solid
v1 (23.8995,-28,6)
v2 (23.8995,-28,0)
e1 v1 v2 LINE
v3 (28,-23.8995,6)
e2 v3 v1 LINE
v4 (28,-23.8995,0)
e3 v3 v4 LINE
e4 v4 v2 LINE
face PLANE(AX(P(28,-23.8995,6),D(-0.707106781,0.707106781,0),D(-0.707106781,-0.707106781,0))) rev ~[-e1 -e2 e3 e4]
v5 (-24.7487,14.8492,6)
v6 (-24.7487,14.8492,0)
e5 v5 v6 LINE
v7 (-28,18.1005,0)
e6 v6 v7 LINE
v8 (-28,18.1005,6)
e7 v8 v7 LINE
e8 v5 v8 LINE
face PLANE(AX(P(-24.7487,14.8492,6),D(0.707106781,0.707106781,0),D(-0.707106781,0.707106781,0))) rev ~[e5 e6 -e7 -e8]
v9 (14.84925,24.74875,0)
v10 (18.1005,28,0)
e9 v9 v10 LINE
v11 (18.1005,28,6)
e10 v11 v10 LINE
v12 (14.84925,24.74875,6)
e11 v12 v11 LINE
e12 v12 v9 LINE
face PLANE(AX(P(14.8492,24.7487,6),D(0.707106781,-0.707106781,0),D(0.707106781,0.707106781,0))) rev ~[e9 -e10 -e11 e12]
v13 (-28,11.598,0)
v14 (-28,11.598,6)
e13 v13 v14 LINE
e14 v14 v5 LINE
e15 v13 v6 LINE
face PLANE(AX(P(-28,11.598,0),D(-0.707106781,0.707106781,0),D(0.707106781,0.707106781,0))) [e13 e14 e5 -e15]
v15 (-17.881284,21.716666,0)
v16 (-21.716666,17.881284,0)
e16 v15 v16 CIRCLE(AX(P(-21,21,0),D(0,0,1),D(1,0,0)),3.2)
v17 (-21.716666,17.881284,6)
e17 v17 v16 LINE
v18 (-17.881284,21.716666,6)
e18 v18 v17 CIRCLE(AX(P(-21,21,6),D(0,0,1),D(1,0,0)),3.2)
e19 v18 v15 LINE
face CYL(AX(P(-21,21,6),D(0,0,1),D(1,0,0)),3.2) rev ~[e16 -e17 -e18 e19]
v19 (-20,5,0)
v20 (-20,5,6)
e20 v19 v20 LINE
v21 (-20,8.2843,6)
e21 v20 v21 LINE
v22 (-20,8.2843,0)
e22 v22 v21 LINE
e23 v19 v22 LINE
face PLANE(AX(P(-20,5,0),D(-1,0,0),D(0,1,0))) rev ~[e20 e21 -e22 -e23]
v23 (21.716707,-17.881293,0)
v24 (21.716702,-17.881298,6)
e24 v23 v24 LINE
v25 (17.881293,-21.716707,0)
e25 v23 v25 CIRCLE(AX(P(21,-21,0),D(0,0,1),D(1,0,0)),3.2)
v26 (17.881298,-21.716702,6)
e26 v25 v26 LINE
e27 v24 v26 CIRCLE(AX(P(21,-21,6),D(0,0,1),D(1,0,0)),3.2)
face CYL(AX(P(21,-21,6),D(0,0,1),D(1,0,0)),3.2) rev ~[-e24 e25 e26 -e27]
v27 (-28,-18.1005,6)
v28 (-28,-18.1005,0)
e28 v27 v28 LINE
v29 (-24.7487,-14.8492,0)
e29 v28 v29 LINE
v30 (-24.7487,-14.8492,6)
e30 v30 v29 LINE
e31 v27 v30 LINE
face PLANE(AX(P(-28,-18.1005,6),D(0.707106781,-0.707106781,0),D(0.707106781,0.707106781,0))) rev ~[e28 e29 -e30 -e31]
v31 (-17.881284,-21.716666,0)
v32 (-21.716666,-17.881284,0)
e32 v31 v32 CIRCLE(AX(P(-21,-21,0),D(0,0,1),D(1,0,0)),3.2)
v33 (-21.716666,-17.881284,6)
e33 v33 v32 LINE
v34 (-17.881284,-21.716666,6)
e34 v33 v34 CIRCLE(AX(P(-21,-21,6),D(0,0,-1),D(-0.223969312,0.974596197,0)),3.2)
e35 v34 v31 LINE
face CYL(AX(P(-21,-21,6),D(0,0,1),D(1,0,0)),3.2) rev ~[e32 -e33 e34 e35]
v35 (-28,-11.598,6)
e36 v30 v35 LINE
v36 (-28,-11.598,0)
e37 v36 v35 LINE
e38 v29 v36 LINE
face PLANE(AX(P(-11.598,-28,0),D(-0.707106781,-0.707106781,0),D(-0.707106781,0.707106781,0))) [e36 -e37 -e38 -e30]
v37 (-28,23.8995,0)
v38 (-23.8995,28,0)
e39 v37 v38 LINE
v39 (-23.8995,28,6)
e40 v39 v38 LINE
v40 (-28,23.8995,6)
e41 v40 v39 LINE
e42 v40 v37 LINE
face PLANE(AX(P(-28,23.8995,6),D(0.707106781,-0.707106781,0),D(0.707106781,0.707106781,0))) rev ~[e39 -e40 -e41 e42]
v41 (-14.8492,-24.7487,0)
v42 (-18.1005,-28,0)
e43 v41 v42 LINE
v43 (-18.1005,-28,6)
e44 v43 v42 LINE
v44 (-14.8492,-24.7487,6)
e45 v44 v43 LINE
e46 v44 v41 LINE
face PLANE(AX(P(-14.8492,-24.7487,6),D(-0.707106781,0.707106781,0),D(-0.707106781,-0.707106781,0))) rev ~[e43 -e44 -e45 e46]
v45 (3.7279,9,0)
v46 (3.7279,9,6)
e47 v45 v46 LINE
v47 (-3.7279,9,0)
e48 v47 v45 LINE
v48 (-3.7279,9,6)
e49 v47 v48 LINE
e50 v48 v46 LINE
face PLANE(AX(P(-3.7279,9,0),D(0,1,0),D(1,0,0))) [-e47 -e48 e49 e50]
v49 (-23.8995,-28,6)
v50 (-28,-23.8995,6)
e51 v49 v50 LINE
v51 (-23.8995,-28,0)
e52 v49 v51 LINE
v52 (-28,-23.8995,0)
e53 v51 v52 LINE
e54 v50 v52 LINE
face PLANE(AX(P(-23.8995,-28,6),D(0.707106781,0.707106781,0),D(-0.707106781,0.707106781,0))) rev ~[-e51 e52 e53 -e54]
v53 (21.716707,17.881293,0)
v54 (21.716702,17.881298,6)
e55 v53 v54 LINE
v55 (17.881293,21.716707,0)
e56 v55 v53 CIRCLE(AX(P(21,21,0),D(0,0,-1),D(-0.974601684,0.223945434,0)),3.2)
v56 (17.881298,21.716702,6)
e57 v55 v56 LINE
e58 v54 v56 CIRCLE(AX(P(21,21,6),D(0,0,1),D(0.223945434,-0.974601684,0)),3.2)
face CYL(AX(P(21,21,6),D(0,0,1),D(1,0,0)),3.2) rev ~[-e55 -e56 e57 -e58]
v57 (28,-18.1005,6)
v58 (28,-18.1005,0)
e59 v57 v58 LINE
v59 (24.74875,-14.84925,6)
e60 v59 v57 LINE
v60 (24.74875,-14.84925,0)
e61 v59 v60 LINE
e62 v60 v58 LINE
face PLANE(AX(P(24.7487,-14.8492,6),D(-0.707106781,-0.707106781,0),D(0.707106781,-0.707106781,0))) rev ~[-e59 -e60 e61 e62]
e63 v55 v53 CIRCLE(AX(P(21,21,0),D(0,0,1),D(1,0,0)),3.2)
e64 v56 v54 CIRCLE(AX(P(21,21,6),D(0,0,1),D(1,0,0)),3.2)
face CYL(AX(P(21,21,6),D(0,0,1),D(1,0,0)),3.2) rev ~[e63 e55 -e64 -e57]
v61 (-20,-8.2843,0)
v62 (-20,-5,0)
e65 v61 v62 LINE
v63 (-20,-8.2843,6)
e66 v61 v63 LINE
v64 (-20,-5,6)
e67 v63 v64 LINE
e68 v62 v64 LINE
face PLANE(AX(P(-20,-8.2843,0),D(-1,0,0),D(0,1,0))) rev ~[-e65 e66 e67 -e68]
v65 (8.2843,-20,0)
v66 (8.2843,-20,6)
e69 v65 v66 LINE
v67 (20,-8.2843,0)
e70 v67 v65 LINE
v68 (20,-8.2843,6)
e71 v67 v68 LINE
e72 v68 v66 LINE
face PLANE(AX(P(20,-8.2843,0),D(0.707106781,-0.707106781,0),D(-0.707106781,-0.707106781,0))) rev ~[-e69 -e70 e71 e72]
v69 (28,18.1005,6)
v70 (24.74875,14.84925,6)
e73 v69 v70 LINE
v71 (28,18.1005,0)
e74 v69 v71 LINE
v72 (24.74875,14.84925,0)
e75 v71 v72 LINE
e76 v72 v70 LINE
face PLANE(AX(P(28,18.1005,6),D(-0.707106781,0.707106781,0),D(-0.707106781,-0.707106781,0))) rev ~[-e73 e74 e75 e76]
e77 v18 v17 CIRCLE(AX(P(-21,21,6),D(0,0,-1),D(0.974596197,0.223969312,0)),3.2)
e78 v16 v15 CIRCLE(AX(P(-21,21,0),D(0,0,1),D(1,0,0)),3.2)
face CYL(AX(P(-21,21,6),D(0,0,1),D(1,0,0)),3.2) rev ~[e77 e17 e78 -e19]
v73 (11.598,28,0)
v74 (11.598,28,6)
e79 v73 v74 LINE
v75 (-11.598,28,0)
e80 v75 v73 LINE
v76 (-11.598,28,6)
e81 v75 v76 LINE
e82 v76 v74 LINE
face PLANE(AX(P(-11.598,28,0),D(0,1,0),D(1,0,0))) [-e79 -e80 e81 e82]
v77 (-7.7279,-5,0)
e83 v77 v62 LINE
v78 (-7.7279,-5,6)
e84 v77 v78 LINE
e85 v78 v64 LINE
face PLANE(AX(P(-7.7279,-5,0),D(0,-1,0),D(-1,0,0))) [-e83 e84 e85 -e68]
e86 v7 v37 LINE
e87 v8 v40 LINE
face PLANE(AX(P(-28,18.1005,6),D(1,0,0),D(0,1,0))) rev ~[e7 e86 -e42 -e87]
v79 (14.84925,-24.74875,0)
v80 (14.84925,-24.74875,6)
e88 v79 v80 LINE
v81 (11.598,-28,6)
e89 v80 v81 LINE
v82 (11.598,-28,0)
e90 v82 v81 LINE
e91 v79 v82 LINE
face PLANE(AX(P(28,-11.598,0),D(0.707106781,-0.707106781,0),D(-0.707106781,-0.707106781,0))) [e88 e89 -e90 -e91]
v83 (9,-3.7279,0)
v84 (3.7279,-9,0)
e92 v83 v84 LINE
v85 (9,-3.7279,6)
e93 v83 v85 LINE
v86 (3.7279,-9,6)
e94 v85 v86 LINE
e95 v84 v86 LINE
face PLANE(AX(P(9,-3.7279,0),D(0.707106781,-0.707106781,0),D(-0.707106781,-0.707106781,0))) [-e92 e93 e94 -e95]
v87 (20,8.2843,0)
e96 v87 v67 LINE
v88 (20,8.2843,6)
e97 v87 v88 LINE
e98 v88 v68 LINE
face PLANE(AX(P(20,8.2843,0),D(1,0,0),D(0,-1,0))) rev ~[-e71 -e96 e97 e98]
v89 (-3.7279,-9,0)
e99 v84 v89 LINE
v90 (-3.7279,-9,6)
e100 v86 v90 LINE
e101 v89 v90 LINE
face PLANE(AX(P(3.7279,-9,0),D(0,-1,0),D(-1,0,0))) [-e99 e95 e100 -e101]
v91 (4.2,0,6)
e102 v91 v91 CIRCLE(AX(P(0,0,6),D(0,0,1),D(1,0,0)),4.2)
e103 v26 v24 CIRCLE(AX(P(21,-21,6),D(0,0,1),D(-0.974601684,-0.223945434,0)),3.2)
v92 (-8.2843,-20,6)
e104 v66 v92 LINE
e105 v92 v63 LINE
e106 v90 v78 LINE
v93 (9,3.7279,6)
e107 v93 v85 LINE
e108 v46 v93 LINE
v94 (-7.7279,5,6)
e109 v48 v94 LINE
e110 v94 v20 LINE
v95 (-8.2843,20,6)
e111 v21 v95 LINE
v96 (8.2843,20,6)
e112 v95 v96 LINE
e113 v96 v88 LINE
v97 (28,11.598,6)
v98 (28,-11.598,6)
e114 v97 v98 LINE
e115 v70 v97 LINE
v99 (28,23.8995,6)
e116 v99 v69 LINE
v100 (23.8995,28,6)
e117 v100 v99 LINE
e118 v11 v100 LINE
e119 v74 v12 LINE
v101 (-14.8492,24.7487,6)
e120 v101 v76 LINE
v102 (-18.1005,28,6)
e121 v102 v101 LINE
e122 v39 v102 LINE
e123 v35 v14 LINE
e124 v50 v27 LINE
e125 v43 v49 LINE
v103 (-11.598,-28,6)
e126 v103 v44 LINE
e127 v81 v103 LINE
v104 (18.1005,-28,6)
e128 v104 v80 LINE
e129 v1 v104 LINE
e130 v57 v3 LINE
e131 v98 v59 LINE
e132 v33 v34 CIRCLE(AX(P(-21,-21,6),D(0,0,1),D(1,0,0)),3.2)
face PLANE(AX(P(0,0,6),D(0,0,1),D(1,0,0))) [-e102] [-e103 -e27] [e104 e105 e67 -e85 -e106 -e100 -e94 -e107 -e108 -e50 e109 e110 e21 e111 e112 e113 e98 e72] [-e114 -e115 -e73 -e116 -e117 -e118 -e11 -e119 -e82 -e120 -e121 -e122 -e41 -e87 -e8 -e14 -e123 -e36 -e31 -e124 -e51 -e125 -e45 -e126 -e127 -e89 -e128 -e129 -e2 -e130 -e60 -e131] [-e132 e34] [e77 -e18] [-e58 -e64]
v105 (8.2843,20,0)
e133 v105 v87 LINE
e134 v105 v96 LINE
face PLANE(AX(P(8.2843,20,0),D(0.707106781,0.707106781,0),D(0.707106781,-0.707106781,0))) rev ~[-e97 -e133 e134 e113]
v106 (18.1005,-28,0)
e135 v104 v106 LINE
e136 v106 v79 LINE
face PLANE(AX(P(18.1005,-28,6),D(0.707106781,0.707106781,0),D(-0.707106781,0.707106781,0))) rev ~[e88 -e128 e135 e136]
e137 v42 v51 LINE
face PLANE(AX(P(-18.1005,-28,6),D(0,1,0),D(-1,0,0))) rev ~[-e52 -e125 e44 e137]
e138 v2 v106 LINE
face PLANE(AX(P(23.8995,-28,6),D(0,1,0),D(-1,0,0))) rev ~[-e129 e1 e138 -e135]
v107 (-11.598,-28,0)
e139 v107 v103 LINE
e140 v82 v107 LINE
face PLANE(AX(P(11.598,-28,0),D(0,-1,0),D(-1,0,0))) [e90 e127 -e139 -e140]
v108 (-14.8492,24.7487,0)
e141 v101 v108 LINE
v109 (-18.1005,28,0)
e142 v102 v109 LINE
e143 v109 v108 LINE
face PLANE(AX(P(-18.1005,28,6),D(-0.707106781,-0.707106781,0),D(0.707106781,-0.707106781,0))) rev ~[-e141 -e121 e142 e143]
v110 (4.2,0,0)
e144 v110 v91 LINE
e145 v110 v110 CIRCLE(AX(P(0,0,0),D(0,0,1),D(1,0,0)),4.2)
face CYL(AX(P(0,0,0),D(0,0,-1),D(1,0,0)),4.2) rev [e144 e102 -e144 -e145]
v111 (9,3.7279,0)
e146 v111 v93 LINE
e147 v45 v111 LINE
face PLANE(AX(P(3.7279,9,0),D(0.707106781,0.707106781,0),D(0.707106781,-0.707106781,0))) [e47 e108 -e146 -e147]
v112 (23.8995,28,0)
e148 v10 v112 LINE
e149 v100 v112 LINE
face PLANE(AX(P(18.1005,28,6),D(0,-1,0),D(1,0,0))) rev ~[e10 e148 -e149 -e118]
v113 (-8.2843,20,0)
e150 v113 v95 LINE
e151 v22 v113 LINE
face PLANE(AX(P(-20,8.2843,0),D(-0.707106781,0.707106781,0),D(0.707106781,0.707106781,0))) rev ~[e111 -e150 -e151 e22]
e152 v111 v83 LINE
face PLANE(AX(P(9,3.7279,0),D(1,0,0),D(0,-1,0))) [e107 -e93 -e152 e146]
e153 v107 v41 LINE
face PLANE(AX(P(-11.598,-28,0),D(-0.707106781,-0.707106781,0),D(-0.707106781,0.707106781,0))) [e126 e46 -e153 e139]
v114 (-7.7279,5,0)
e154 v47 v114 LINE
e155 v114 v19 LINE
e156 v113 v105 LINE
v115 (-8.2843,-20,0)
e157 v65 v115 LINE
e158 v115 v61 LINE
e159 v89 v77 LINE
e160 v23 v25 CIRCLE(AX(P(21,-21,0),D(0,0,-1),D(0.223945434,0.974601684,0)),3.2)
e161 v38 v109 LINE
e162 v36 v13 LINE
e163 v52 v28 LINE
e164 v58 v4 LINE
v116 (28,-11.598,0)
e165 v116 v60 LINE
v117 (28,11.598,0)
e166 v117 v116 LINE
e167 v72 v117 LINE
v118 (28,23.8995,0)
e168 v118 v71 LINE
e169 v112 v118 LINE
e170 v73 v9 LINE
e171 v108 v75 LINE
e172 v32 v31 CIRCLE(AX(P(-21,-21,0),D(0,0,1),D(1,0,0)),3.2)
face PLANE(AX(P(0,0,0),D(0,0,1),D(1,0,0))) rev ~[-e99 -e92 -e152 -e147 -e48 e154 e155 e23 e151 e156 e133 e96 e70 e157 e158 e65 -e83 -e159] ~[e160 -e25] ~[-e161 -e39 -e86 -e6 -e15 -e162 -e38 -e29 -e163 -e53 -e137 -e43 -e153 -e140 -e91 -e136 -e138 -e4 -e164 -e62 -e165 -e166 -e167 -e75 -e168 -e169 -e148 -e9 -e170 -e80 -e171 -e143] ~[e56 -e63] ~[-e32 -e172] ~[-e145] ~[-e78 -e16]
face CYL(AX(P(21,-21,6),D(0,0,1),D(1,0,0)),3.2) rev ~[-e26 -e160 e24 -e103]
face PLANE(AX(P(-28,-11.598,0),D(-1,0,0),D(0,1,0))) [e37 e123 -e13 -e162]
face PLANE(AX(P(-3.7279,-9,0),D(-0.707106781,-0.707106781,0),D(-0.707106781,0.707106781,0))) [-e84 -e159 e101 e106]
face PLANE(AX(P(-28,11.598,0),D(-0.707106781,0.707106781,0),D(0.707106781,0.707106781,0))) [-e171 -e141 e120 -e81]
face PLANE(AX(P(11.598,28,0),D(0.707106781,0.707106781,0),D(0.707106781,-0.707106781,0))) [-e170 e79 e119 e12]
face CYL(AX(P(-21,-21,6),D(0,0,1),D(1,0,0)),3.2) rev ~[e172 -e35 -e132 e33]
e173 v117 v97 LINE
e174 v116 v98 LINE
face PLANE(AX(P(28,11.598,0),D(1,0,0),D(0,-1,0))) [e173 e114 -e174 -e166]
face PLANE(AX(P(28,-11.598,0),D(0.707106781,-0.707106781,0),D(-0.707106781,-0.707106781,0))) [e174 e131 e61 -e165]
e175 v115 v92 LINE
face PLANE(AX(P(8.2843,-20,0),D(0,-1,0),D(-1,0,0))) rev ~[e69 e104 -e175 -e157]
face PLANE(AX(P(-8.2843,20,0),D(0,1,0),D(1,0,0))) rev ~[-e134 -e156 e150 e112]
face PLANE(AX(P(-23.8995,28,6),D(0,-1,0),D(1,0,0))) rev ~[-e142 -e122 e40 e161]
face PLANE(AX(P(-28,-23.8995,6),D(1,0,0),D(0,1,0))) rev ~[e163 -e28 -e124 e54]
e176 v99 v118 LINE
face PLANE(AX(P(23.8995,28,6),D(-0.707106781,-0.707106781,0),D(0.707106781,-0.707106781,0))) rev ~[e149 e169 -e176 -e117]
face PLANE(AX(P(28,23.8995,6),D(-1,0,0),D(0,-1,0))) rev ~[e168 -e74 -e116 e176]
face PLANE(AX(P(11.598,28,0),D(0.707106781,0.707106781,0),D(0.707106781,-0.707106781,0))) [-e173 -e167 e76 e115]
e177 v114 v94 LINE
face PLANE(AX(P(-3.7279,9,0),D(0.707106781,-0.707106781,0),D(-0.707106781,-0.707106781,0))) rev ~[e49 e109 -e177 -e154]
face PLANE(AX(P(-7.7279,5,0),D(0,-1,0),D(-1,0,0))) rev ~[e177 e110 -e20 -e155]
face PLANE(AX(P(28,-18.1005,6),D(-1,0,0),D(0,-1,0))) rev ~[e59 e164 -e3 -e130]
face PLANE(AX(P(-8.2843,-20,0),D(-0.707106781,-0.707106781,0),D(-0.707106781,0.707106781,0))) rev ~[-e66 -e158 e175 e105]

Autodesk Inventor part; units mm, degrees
ref_plane "YZ Plane" through (0, 0, 0) normal (1, 0, 0) x (0, 1, 0)
ref_plane "XZ Plane" through (0, 0, 0) normal (0, 1, 0) x (-1, 0, 0)
ref_plane "XY Plane" through (0, 0, 0) normal (0, 0, 1) x (1, 0, 0)
sketch "Sketch1" plane through (0, 0, 0) normal (0, 0, 1) x (1, 0, 0)
  circle A0 centre (0, 0) radius 8 construction
  circle A1 centre (0, 0) radius 16 construction
  line L0 (20, -8.2843) -> (8.2843, -20)
  line L1 (8.2843, -20) -> (-8.2843, -20)
  line L2 (-8.2843, -20) -> (-20, -8.2843)
  line L3 (-20, 8.2843) -> (-8.2843, 20)
  line L4 (-8.2843, 20) -> (8.2843, 20)
  line L5 (8.2843, 20) -> (20, 8.2843)
  line L6 (20, 8.2843) -> (20, -8.2843)
  line L7 (-7.7279, 5) -> (-20, 5)
  line L8 (-7.7279, -5) -> (-20, -5)
  circle A2 centre (0, 0) radius 4.2
  line L9 (-20, -8.2843) -> (-20, -5)
  line L10 (-20, 5) -> (-20, 8.2843)
  line L11 (28, -11.598) -> (11.598, -28)
  line L12 (11.598, -28) -> (-11.598, -28)
  line L13 (-11.598, -28) -> (-28, -11.598)
  line L14 (-28, -11.598) -> (-28, 11.598)
  line L15 (-28, 11.598) -> (-11.598, 28)
  line L16 (-11.598, 28) -> (11.598, 28)
  line L17 (11.598, 28) -> (28, 11.598)
  line L18 (28, 11.598) -> (28, -11.598)
  line L19 (9, -3.7279) -> (3.7279, -9)
  line L20 (3.7279, -9) -> (-3.7279, -9)
  line L21 (-3.7279, 9) -> (3.7279, 9)
  line L22 (3.7279, 9) -> (9, 3.7279)
  line L23 (9, 3.7279) -> (9, -3.7279)
  line L24 (-20, 5) -> (-20, -5) construction
  line L25 (-3.7279, 9) -> (-7.7279, 5)
  line L26 (-3.7279, -9) -> (-7.7279, -5)
  point P0 (-20, 0)
  dimension "d1" = 16
  dimension "d2" = 32
  dimension "d5" = 8.4
  dimension "d6" = 40
  dimension "d7" = 8
  dimension "d8" = 10
  dimension "d10" = 18
extrude "Extrusion1" add sketch "Sketch1" along normal blind 6
sketch "Sketch2" plane through (0, 0, 6) normal (0, 0, 1) x (1, 0, 0)
  circle A0 centre (0, 0) radius 4.2 projected
  line L0 (11.598, 28) -> (-11.598, 28) projected
  line L1 (-11.598, 28) -> (-28, 11.598) projected
  line L2 (-28, 11.598) -> (-28, -11.598) projected
  line L3 (-28, -11.598) -> (-11.598, -28) projected
  line L4 (-11.598, -28) -> (11.598, -28) projected
  line L5 (-24.7487, 14.8492) -> (-28, 18.1005)
  line L6 (-28, 18.1005) -> (-28, 23.8995)
  line L7 (-28, 23.8995) -> (-23.8995, 28)
  line L8 (-23.8995, 28) -> (-18.1005, 28)
  line L9 (-18.1005, 28) -> (-14.8492, 24.7487)
  line L10 (-28, 21) -> (-21, 21) construction
  line L11 (-21, 28) -> (-21, 21) construction
  circle A1 centre (-21, 21) radius 3.2
  line L12 (-24.7487, 14.8492) -> (-14.8492, 24.7487)
  line L13 (-14.8492, -24.7487) -> (-18.1005, -28)
  line L14 (-18.1005, -28) -> (-23.8995, -28)
  line L15 (-23.8995, -28) -> (-28, -23.8995)
  line L16 (-28, -23.8995) -> (-28, -18.1005)
  line L17 (-28, -18.1005) -> (-24.7487, -14.8492)
  circle A2 centre (-21, -21) radius 3.2
  line L18 (-14.8492, -24.7487) -> (-24.7487, -14.8492)
  line L19 (24.7487, -14.8492) -> (28, -18.1005)
  line L20 (28, -18.1005) -> (28, -23.8995)
  line L21 (28, -23.8995) -> (23.8995, -28)
  line L22 (23.8995, -28) -> (18.1005, -28)
  line L23 (18.1005, -28) -> (14.8492, -24.7487)
  circle A3 centre (21, -21) radius 3.2
  line L24 (24.7487, -14.8492) -> (14.8492, -24.7487)
  line L25 (14.8492, 24.7487) -> (18.1005, 28)
  line L26 (18.1005, 28) -> (23.8995, 28)
  line L27 (23.8995, 28) -> (28, 23.8995)
  line L28 (28, 23.8995) -> (28, 18.1005)
  line L29 (28, 18.1005) -> (24.7487, 14.8492)
  circle A4 centre (21, 21) radius 3.2
  line L30 (14.8492, 24.7487) -> (24.7487, 14.8492)
  circle A5 centre (-21, 21) radius 6 construction
  point P0 (-19.799, 19.799)
  point P1 (-21, -28)
  point P2 (-28, -21)
  point P3 (28, -21)
  point P4 (21, -28)
  point P5 (21, 28)
  point P6 (28, 21)
  dimension "d13" = 14
  dimension "d14" = 7
  dimension "d15" = 6.4
  dimension "d18" = 360
  dimension "d22" = 12
extrude "Extrusion2" add sketch "Sketch2" against normal blind 6 contours L3 A2 L13 L14 L15 L16 L17 | L5 L6 L7 L8 L9 L1 A1 | L19 L20 L21 L22 L23 L24 A3 | L25 L26 L27 L28 L29 L30 A4
sketch "Sketch3" plane through (0, 0, 6) normal (0, 0, 1) x (1, 0, 0)
  line L0 (-17.8813, 21.7167) -> (-21.7167, 17.8813) projected
  arc A0 (-17.8813, 21.7167) -> (-21.7167, 17.8813) centre (-21, 21) ccw projected
  line L1 (-21.7167, -17.8813) -> (-17.8813, -21.7167) projected
  arc A1 (-21.7167, -17.8813) -> (-17.8813, -21.7167) centre (-21, -21) ccw projected
  arc A2 (17.8813, -21.7167) -> (21.7167, -17.8813) centre (21, -21) ccw projected
  line L2 (17.8813, -21.7167) -> (21.7167, -17.8813) projected
  arc A3 (21.7167, 17.8813) -> (17.8813, 21.7167) centre (21, 21) ccw projected
  line L3 (21.7167, 17.8813) -> (17.8813, 21.7167) projected
  circle A4 centre (-21, -21) radius 3.2
  circle A5 centre (-21, 21) radius 3.2
  circle A6 centre (21, 21) radius 3.2
  circle A7 centre (21, -21) radius 3.2
extrude "Extrusion3" cut sketch "Sketch3" against normal through all contours A5 L0 | A4 L1 | A7 L2 | A6 L3
properties part number "x_iddler_belt_bearing_mount"
